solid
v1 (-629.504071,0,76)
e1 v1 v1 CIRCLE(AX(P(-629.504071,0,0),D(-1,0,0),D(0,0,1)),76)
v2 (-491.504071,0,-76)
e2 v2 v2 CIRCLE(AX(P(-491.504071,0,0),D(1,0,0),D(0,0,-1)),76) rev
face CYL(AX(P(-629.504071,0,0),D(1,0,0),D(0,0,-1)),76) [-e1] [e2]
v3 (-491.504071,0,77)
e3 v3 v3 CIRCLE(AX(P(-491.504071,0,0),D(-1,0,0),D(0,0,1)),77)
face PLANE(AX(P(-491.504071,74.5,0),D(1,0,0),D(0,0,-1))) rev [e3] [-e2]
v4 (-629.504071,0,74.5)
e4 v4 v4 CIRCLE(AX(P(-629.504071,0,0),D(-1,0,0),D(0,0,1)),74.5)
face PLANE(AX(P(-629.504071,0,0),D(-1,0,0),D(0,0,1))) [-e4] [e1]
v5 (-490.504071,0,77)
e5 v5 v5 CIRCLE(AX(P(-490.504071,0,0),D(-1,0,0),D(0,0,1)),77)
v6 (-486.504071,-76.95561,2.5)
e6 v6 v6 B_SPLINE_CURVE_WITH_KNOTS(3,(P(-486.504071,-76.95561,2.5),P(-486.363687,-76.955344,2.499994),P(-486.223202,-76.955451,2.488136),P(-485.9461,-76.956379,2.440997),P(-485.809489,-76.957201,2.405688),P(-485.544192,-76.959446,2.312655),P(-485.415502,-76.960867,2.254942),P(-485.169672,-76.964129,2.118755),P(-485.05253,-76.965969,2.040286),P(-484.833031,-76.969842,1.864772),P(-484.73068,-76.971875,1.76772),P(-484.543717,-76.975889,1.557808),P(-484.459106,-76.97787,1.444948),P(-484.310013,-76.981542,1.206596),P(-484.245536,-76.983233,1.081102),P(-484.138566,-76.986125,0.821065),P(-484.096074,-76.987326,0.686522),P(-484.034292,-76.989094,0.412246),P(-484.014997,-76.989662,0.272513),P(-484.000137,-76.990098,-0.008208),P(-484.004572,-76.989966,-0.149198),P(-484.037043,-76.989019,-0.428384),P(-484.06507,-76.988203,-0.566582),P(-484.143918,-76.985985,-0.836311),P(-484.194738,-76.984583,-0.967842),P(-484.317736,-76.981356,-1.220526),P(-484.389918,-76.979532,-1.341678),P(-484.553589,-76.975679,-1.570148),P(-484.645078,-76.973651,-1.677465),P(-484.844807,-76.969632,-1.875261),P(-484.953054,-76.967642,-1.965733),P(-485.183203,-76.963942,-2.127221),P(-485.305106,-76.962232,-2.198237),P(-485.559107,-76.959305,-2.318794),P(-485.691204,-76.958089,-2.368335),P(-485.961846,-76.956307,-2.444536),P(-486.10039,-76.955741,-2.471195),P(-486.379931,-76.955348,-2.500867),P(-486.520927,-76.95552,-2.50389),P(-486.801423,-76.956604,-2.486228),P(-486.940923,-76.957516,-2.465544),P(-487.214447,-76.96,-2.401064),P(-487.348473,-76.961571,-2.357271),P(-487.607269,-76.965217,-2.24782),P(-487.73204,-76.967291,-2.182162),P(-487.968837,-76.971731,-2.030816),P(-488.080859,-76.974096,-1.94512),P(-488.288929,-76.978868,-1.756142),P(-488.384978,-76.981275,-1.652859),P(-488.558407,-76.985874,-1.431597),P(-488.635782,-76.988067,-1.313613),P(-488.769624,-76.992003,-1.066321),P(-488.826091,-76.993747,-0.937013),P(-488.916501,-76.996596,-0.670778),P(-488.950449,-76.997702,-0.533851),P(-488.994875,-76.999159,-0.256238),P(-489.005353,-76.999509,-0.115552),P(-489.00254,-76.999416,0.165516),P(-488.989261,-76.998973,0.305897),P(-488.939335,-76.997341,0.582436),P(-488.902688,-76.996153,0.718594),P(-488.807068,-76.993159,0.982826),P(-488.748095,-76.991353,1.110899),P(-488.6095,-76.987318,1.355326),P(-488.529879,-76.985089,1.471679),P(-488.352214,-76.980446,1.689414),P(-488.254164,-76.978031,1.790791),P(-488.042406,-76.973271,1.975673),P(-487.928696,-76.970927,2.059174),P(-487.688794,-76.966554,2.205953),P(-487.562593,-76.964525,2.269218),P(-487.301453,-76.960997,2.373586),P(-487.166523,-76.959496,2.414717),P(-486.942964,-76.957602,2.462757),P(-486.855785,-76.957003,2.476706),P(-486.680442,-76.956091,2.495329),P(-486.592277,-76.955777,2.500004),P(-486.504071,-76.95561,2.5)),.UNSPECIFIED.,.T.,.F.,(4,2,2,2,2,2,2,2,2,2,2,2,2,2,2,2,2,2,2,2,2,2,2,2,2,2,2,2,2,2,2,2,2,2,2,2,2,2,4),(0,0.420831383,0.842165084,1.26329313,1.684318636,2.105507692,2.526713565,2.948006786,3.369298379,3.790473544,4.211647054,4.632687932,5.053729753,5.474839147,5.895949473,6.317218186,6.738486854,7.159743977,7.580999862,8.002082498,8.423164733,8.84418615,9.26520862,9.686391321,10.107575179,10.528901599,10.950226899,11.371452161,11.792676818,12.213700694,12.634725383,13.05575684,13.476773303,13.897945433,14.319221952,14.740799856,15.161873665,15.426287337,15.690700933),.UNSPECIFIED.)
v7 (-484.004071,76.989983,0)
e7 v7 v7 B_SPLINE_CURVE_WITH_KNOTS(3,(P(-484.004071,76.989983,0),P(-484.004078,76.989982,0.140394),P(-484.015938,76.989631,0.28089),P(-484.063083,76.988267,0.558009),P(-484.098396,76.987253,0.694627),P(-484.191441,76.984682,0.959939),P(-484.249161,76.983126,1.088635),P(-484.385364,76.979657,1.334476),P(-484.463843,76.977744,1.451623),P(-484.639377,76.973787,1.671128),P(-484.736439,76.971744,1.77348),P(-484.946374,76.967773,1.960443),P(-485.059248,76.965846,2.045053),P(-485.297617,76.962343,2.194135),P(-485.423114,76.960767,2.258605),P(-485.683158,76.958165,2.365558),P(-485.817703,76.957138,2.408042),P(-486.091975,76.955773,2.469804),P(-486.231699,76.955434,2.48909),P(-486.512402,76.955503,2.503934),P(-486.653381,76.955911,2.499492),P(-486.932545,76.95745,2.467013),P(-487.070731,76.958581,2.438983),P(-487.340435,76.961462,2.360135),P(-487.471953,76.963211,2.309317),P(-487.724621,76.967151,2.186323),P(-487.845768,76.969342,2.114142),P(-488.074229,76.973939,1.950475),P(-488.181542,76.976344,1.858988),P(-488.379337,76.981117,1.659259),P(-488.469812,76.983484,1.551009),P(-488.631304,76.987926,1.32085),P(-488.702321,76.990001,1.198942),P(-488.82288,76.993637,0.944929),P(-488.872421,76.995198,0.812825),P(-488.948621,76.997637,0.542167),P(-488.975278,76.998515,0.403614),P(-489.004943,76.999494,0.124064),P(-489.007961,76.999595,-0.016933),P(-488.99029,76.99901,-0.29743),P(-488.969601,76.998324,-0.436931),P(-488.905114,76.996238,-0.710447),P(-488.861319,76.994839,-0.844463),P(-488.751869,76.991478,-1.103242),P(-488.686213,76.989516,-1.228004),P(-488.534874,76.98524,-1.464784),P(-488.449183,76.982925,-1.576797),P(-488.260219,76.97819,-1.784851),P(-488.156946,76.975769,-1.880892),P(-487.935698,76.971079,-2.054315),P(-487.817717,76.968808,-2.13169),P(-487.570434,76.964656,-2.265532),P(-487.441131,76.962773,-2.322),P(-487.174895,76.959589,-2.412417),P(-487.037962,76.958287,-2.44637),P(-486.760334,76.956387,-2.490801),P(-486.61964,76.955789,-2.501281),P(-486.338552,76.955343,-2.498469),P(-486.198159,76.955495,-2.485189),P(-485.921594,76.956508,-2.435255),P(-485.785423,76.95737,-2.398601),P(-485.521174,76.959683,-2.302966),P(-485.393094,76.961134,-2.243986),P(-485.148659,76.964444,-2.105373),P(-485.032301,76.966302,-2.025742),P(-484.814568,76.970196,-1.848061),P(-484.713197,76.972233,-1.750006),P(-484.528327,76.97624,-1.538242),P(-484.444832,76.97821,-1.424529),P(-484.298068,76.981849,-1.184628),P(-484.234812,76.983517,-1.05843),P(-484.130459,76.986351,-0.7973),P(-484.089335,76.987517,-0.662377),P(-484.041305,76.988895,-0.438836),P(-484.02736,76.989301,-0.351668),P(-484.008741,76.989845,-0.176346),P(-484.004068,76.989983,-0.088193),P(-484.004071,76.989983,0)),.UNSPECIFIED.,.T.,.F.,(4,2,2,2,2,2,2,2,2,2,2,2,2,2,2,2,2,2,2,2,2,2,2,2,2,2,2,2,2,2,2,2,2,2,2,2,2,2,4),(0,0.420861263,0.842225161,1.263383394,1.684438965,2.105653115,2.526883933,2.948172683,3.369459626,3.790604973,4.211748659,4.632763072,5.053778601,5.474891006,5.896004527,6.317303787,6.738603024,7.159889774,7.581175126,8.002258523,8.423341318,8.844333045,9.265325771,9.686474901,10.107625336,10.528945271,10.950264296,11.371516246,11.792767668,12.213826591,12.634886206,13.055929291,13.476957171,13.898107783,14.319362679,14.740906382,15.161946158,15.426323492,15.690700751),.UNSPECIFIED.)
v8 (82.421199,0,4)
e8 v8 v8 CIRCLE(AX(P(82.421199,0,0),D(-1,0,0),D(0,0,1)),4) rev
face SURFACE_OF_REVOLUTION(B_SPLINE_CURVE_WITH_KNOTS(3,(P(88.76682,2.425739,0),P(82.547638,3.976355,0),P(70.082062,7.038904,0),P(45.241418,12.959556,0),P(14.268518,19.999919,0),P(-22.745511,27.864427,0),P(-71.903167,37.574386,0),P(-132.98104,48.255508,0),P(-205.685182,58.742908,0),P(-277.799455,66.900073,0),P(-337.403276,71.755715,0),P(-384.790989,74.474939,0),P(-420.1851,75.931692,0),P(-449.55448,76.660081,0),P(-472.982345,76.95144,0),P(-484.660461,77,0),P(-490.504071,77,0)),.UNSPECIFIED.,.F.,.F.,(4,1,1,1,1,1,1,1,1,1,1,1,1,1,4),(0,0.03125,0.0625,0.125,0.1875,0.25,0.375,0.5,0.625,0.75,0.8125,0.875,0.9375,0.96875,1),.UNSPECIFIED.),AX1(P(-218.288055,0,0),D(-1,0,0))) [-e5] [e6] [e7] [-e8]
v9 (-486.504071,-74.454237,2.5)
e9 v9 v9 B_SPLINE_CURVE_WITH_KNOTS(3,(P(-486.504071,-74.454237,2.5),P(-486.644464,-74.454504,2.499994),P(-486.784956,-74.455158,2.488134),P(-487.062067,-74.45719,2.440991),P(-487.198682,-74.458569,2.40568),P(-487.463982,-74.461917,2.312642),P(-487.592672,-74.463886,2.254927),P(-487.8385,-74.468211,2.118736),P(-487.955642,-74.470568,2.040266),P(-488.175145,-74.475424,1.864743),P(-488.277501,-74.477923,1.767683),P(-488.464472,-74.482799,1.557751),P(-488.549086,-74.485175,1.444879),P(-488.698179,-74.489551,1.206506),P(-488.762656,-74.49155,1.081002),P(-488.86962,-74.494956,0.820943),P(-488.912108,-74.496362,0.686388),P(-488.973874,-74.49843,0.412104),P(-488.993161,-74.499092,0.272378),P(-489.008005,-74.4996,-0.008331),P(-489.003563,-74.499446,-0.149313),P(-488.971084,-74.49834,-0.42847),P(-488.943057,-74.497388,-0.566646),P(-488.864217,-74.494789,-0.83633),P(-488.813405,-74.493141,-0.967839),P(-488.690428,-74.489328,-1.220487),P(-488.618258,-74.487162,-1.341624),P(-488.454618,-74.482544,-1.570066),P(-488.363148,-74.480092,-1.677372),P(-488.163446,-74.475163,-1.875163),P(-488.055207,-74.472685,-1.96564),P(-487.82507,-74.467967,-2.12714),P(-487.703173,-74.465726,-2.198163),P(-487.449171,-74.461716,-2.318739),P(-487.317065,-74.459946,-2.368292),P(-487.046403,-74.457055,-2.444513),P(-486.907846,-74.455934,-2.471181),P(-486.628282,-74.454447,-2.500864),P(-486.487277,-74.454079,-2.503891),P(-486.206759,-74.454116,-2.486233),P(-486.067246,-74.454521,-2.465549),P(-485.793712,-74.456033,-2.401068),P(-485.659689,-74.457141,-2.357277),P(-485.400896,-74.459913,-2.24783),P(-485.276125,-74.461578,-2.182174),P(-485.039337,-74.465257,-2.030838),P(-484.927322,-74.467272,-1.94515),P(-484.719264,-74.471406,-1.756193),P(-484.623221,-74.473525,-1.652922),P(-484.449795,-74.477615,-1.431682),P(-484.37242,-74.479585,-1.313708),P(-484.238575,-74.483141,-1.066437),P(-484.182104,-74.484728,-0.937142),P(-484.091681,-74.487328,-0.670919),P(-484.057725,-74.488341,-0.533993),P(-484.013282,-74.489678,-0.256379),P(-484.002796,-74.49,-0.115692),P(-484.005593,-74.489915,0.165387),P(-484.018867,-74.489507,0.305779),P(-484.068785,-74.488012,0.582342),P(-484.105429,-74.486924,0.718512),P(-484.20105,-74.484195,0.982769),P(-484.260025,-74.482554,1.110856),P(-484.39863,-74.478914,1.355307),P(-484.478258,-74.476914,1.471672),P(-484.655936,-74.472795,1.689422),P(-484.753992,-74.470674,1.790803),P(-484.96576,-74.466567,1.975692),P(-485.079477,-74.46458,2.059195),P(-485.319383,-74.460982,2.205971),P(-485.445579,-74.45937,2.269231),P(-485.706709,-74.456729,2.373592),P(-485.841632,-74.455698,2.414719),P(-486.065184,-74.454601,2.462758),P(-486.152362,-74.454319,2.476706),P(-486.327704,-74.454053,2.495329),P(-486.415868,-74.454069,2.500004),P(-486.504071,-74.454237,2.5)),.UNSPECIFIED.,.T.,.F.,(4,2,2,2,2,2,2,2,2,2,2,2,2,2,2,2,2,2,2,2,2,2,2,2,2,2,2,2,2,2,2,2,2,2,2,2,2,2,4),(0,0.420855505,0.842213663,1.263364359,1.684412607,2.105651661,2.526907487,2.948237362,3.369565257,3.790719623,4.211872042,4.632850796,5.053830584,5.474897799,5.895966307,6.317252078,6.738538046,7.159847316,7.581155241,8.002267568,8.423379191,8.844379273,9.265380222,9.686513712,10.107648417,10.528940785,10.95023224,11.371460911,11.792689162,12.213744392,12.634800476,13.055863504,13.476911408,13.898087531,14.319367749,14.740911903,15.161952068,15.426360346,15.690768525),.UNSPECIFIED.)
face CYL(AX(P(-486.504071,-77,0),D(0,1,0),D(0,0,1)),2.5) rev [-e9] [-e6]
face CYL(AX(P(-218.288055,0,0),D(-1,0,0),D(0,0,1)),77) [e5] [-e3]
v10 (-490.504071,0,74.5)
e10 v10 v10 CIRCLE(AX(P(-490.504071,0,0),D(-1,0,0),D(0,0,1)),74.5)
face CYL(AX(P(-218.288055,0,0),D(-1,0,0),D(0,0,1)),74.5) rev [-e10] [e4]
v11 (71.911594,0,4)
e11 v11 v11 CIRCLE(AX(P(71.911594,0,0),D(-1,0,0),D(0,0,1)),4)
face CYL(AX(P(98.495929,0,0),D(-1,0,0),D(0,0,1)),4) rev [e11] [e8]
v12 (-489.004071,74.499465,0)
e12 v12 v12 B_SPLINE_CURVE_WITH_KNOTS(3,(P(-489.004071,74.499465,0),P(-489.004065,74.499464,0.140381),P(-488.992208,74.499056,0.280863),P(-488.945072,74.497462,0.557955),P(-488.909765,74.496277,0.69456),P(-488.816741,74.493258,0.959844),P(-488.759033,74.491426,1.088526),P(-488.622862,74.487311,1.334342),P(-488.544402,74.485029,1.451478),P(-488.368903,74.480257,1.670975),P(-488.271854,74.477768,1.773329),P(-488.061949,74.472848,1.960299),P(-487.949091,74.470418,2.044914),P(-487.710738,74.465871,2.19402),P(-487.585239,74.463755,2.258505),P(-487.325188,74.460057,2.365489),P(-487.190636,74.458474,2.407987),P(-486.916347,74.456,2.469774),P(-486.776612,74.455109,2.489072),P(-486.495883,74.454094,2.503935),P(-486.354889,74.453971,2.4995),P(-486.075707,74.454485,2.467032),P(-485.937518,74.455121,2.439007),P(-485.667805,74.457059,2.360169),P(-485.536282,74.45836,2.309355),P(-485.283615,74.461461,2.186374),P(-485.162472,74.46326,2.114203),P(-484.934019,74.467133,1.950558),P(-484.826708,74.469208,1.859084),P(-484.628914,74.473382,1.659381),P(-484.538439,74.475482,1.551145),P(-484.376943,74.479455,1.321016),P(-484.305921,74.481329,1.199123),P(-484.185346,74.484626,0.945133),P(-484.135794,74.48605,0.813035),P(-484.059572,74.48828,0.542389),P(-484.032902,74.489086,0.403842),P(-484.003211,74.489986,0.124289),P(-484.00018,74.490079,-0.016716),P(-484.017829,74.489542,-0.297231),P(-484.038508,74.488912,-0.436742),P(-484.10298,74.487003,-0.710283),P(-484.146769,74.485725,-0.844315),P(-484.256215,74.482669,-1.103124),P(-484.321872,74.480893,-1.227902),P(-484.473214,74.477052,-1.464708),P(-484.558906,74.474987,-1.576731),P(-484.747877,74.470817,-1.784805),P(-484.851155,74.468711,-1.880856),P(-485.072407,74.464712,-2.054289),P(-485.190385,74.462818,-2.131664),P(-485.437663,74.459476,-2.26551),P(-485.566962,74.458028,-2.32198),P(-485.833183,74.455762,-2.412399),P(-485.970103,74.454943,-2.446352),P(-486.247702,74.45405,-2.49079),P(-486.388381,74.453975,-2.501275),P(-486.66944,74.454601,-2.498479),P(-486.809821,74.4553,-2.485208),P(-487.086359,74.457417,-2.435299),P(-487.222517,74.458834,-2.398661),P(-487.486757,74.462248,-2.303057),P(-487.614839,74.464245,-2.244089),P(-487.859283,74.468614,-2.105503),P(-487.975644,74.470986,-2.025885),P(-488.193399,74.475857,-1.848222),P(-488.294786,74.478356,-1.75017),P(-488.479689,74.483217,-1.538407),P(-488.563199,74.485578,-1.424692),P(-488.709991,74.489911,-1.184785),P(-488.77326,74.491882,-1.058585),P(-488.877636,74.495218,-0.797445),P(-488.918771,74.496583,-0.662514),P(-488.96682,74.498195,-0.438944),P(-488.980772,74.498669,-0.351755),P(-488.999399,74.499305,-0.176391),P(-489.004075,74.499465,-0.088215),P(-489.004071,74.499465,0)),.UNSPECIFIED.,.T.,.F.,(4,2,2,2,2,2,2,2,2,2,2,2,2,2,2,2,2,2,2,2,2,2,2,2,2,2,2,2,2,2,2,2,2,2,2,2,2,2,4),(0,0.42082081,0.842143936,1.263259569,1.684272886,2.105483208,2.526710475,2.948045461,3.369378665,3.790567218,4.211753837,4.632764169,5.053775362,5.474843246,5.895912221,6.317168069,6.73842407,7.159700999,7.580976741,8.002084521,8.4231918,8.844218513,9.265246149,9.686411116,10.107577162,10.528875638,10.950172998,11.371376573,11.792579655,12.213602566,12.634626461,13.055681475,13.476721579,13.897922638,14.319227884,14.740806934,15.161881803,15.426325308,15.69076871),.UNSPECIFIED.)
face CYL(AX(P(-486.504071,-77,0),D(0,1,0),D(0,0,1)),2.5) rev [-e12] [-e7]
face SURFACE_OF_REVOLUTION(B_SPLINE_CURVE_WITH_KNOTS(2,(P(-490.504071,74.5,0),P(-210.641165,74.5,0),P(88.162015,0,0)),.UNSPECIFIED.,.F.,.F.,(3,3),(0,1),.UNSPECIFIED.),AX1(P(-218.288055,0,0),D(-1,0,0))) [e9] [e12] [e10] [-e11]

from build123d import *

# Parameters (mm, degrees)
ESQUISSE2_R                  = 76
ESQUISSE2_R_2                = 74.5
BOSS_EXTRU_1_DEPTH           = 138
ENL_V_MAT_EXTRU_1_DEPTH      = 639.853172531
ENL_V_MAT_EXTRU_1_DEPTH_BACK = 639.853172531
ESQUISSE3_R                  = 2.5
ESQUISSE4_R                  = 4
ENL_V_MAT_EXTRU_2_DEPTH      = 639.853172531


with BuildPart() as part:
    # Esquisse1 → Révolution3 (revolve)
    with BuildSketch(Plane.XY, mode=Mode.PRIVATE) as r_volution3_sk:
        with BuildLine():
            Line((-491.50407149, 74.5), (-490.50407149, 74.5))
            add(Edge.make_bspline(
                [(-490.50407149, 74.5), (-210.641164775, 74.5), (88.162014774, 0)],
                knots=[0, 0, 0, 1, 1, 1], degree=2))
            Line((88.162014774, 0), (98.49592851, 0))
            Line((98.49592851, 0), (88.766819513, 2.425739316))
            add(Edge.make_bspline(
                [(-490.50407149, 77), (-484.660460903, 77), (-472.982345417, 76.951439725), (-449.554479537, 76.660081056), (-420.185100497, 75.931692001), (-384.790988872, 74.474939228), (-337.4032762, 71.755715065), (-277.799454783, 66.900072587), (-205.68518197, 58.742907607), (-132.981039596, 48.255507982), (-71.903167077, 37.574386444), (-22.745510555, 27.864426733), (14.268518345, 19.999918851), (45.241417883, 12.959556247), (70.082061744, 7.038903949), (82.547637876, 3.976355453), (88.766819513, 2.425739316)],
                knots=[0, 0, 0, 0, 0.03125, 0.0625, 0.125, 0.1875, 0.25, 0.375, 0.5, 0.625, 0.75, 0.8125, 0.875, 0.9375, 0.96875, 1, 1, 1, 1], degree=3))
            Line((-490.50407149, 77), (-491.50407149, 77))
            Line((-491.50407149, 77), (-491.50407149, 74.5))
        make_face()
    revolve(r_volution3_sk.sketch.rotate(Axis((-218.288054544, 0, 0), (1, 0, 0)), 90), axis=Axis((-218.288054544, 0, 0), (1, 0, 0)))

    # Esquisse2 → Boss.-Extru.1 (add)
    with BuildSketch(Plane.ZY.offset(491.50407149)):
        with Locations(Location((0, 0, 0), (0, 0, 180))):
            Circle(ESQUISSE2_R)
        Circle(ESQUISSE2_R_2, mode=Mode.SUBTRACT)
    extrude(amount=BOSS_EXTRU_1_DEPTH)

    # Esquisse3 → Enlèv. mat.-Extru.1 (cut, two sides: drawn at the far end of the back side and taken through both)
    with BuildSketch(Plane(origin=(0, 0, 0), x_dir=(1, 0, 0), z_dir=(0, 1, 0)).offset(-ENL_V_MAT_EXTRU_1_DEPTH_BACK)):
        with Locations(Location((-486.50407149, 0, 0), (0, 0, 270))):
            Circle(ESQUISSE3_R)
    extrude(amount=ENL_V_MAT_EXTRU_1_DEPTH + ENL_V_MAT_EXTRU_1_DEPTH_BACK, mode=Mode.SUBTRACT)

    # Esquisse4 → Enlèv. mat.-Extru.2 (cut, through all)
    with BuildSketch(Plane(origin=(0, 0, 0), x_dir=(0, 0, -1), z_dir=(1, 0, 0))):
        with Locations(Location((0, 0, 0), (0, 0, 180))):
            Circle(ESQUISSE4_R)
    extrude(amount=ENL_V_MAT_EXTRU_2_DEPTH, mode=Mode.SUBTRACT)


solid = part.part
